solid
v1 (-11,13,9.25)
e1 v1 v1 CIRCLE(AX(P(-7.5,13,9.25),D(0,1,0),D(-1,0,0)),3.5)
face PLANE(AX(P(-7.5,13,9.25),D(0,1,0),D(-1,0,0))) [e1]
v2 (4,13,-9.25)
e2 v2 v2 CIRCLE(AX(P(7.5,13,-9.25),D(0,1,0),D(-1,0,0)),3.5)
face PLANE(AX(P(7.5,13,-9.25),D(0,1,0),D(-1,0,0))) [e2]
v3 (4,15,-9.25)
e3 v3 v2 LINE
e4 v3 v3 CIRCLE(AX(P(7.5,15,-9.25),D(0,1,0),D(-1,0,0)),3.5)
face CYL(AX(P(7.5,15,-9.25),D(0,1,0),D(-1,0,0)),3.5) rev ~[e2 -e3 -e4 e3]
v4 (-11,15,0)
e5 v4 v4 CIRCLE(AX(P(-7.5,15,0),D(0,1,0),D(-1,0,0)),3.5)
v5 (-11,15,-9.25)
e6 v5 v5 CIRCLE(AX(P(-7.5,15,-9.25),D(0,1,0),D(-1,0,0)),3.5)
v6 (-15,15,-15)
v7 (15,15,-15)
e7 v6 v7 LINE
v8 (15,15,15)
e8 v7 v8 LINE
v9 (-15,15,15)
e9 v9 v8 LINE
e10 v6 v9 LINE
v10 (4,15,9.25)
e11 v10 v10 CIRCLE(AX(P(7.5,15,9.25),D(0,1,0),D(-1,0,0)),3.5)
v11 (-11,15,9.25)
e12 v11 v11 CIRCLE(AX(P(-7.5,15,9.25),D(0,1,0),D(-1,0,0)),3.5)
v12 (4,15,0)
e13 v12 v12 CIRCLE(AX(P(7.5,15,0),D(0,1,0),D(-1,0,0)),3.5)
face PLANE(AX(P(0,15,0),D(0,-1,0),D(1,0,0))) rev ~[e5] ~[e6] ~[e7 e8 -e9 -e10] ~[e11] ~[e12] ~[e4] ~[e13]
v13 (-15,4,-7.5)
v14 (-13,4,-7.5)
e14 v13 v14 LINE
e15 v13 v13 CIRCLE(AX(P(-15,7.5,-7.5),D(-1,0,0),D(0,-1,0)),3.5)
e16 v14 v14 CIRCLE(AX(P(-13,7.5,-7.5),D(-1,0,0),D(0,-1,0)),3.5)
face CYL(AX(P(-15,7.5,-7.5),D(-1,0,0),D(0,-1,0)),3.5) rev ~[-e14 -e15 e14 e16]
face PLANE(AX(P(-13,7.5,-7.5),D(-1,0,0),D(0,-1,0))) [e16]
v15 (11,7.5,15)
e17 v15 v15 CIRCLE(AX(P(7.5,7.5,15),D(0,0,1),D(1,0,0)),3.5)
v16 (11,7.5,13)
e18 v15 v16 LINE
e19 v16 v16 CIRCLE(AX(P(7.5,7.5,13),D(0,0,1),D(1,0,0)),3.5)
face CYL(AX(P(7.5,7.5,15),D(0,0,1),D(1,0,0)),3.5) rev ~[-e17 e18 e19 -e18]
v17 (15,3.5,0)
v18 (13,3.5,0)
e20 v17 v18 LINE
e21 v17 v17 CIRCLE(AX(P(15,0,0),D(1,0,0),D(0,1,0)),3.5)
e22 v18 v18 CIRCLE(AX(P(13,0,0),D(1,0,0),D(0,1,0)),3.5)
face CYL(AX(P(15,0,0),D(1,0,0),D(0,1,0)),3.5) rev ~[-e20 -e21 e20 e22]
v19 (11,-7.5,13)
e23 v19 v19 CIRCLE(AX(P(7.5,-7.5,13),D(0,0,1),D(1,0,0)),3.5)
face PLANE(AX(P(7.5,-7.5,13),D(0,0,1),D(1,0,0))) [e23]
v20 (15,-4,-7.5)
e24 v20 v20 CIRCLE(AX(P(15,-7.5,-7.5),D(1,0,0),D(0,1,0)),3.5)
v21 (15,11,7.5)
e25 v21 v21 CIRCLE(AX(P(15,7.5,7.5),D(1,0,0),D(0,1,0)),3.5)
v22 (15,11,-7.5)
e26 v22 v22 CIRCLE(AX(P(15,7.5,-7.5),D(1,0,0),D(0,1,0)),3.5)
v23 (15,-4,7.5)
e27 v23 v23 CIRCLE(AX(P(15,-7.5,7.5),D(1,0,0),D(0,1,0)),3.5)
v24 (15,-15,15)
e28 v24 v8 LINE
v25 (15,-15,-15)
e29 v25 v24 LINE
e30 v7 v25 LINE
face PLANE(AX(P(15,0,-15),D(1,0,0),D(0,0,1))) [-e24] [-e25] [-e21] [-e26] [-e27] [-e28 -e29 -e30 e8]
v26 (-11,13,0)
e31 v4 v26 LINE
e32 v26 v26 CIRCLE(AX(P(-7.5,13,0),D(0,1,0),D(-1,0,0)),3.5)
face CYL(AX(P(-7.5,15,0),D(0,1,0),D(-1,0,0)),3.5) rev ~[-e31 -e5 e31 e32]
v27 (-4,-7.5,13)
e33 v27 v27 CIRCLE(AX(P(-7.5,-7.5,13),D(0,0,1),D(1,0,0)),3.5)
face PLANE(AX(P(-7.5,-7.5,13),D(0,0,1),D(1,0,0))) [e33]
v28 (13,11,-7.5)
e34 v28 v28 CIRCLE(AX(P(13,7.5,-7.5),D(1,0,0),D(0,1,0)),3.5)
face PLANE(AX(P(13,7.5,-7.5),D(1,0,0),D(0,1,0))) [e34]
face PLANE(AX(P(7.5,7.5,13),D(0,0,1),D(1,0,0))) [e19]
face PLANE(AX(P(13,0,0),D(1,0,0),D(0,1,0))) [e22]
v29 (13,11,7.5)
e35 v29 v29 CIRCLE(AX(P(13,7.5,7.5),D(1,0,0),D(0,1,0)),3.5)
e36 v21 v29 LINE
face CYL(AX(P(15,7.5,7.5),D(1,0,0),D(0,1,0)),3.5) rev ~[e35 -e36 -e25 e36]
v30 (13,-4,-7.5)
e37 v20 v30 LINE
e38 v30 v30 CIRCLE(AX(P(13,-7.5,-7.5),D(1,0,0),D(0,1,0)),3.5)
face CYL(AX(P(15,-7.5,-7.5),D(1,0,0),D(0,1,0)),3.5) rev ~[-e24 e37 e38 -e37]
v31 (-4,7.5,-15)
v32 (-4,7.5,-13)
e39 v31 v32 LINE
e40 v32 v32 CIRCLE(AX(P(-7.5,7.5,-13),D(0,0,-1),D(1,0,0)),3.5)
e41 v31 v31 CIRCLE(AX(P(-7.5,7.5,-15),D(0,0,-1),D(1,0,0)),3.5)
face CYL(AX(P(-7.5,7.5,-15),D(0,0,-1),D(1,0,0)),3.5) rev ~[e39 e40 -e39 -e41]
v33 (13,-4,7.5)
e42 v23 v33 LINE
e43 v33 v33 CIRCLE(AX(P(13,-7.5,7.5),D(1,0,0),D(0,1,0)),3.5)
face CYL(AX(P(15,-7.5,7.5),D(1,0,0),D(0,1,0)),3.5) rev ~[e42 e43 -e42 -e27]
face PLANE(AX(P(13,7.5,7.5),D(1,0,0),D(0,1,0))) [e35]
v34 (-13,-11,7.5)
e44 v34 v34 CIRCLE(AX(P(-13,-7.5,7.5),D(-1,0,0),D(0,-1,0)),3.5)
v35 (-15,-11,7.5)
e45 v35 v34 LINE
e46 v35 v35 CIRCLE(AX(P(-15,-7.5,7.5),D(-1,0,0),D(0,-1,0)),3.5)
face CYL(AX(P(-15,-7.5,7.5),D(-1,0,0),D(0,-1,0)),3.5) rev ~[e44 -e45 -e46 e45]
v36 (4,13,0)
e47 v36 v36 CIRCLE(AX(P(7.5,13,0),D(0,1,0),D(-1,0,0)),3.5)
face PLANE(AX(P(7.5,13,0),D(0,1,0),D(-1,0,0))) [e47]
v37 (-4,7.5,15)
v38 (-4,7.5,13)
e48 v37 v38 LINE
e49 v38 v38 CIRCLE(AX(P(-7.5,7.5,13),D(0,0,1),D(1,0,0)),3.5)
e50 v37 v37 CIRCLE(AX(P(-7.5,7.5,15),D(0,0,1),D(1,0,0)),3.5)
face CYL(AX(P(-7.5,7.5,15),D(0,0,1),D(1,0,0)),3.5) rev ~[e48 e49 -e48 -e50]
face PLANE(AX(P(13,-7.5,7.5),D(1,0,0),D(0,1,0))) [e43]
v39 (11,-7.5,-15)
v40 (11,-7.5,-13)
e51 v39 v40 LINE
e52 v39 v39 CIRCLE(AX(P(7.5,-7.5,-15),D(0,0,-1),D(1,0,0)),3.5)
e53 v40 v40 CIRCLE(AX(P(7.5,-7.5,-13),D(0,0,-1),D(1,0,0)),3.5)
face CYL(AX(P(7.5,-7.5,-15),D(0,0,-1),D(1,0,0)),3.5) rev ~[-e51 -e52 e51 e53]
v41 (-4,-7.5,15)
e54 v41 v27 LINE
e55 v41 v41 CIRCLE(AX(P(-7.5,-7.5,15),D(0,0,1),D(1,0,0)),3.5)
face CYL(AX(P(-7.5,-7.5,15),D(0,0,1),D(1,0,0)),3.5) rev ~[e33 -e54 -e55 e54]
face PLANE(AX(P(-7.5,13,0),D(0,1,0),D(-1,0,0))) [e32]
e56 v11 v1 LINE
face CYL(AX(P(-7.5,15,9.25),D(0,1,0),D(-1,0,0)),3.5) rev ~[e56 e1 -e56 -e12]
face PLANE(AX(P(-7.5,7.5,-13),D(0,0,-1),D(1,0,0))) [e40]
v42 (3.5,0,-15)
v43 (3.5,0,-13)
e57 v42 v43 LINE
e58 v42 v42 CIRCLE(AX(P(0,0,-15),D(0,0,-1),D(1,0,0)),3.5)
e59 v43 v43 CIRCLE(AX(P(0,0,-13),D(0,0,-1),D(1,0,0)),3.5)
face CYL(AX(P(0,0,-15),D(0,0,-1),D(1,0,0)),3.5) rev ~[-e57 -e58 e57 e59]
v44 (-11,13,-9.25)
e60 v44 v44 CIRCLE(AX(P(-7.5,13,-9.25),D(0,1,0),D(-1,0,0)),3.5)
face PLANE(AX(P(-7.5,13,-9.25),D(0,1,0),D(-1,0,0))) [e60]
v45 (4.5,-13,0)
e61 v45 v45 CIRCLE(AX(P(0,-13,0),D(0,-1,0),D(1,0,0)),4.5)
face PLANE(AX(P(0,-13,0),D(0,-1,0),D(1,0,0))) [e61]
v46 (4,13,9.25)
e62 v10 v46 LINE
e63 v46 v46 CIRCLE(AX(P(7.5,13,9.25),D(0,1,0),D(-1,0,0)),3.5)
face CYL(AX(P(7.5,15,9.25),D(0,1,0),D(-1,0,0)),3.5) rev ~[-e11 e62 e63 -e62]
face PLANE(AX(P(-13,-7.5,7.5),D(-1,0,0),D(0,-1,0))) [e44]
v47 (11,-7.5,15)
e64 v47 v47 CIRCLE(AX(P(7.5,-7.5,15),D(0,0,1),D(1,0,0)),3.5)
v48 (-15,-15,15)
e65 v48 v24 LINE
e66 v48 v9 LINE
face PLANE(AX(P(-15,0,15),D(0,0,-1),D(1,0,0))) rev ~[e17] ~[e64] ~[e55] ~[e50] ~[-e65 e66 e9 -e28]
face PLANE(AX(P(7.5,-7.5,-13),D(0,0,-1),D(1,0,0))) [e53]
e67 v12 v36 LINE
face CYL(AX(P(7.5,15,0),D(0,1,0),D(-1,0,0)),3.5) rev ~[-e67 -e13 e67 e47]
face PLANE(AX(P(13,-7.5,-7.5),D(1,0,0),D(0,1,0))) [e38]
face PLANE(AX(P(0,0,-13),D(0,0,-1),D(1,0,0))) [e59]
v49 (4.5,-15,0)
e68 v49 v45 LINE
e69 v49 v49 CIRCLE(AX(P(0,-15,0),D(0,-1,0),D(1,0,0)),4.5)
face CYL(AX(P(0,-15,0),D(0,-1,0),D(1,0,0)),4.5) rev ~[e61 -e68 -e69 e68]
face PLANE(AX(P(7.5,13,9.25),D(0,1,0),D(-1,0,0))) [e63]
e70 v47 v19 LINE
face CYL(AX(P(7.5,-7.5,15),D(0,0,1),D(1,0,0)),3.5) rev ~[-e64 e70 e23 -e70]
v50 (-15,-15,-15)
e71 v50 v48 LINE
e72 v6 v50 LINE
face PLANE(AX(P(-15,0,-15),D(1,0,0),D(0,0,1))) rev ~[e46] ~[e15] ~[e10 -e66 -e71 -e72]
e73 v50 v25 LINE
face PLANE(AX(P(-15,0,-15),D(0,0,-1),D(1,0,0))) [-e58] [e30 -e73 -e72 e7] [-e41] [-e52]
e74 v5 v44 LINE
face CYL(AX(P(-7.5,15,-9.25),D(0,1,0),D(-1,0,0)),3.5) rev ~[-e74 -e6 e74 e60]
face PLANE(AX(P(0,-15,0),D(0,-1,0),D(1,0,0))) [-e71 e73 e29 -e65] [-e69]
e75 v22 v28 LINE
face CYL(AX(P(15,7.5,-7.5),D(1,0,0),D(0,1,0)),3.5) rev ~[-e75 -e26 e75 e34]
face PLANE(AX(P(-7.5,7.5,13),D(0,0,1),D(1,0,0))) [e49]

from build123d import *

# Parameters (mm, degrees)
F0_W      = 30
F0_H      = 30
F1_DEPTH  = 15
F2_R      = 4.5
F3_DEPTH  = 2
F5_R      = 3.5
F6_DEPTH  = 2
F7_R      = 3.5
F8_DEPTH  = 2
F9_R      = 3.5
F10_DEPTH = 2
F11_R     = 3.5
F12_DEPTH = 2
F13_R     = 3.5
F14_DEPTH = 2


with BuildPart() as f1:
    # F0 (on Front) → F1 (new body, symmetric)
    with BuildSketch(Plane.XZ):
        Rectangle(F0_W, F0_H)
    extrude(amount=F1_DEPTH, both=True)

    # F2 (on face) → F3 (cut)
    with BuildSketch(Plane.XZ.offset(15)):
        Circle(F2_R)
    extrude(amount=-F3_DEPTH, mode=Mode.SUBTRACT)

    # F5 (on face) → F6 (cut)
    with BuildSketch(Plane(origin=(0, 15, 0), x_dir=(-1, 0, 0), z_dir=(0, 1, 0))):
        with Locations((-7.5, 0)):
            Circle(F5_R)
        with Locations((-7.5, 9.25)):
            Circle(F5_R)
        with Locations((-7.5, -9.25)):
            Circle(F5_R)
        with Locations((7.5, 0)):
            Circle(F5_R)
        with Locations((7.5, -9.25)):
            Circle(F5_R)
        with Locations((7.5, 9.25)):
            Circle(F5_R)
    extrude(amount=-F6_DEPTH, mode=Mode.SUBTRACT)

    # F7 (on face) → F8 (cut)
    with BuildSketch(Plane.XY.offset(15)):
        with Locations((-7.5, 7.5)):
            Circle(F7_R)
        with Locations((7.5, 7.5)):
            Circle(F7_R)
        with Locations((7.5, -7.5)):
            Circle(F7_R)
        with Locations((-7.5, -7.5)):
            Circle(F7_R)
    extrude(amount=-F8_DEPTH, mode=Mode.SUBTRACT)

    # F9 (on face) → F10 (cut)
    with BuildSketch(Plane(origin=(0, 0, -15), x_dir=(1, 0, 0), z_dir=(0, 0, -1))):
        Circle(F9_R)
        with Locations((-7.5, -7.5)):
            Circle(F9_R)
        with Locations((7.5, 7.5)):
            Circle(F9_R)
    extrude(amount=-F10_DEPTH, mode=Mode.SUBTRACT)

    # F11 (on face) → F12 (cut)
    with BuildSketch(Plane.YZ.offset(15)):
        with Locations((-7.5, 7.5)):
            Circle(F11_R)
        with Locations((7.5, 7.5)):
            Circle(F11_R)
        with Locations((7.5, -7.5)):
            Circle(F11_R)
        with Locations((-7.5, -7.5)):
            Circle(F11_R)
        Circle(F11_R)
    extrude(amount=-F12_DEPTH, mode=Mode.SUBTRACT)

    # F13 (on face) → F14 (cut)
    with BuildSketch(Plane(origin=(-15, 0, 0), x_dir=(0, -1, 0), z_dir=(-1, 0, 0))):
        with Locations((-7.5, -7.5)):
            Circle(F13_R)
        with Locations((7.5, 7.5)):
            Circle(F13_R)
    extrude(amount=-F14_DEPTH, mode=Mode.SUBTRACT)


solid = f1.part
